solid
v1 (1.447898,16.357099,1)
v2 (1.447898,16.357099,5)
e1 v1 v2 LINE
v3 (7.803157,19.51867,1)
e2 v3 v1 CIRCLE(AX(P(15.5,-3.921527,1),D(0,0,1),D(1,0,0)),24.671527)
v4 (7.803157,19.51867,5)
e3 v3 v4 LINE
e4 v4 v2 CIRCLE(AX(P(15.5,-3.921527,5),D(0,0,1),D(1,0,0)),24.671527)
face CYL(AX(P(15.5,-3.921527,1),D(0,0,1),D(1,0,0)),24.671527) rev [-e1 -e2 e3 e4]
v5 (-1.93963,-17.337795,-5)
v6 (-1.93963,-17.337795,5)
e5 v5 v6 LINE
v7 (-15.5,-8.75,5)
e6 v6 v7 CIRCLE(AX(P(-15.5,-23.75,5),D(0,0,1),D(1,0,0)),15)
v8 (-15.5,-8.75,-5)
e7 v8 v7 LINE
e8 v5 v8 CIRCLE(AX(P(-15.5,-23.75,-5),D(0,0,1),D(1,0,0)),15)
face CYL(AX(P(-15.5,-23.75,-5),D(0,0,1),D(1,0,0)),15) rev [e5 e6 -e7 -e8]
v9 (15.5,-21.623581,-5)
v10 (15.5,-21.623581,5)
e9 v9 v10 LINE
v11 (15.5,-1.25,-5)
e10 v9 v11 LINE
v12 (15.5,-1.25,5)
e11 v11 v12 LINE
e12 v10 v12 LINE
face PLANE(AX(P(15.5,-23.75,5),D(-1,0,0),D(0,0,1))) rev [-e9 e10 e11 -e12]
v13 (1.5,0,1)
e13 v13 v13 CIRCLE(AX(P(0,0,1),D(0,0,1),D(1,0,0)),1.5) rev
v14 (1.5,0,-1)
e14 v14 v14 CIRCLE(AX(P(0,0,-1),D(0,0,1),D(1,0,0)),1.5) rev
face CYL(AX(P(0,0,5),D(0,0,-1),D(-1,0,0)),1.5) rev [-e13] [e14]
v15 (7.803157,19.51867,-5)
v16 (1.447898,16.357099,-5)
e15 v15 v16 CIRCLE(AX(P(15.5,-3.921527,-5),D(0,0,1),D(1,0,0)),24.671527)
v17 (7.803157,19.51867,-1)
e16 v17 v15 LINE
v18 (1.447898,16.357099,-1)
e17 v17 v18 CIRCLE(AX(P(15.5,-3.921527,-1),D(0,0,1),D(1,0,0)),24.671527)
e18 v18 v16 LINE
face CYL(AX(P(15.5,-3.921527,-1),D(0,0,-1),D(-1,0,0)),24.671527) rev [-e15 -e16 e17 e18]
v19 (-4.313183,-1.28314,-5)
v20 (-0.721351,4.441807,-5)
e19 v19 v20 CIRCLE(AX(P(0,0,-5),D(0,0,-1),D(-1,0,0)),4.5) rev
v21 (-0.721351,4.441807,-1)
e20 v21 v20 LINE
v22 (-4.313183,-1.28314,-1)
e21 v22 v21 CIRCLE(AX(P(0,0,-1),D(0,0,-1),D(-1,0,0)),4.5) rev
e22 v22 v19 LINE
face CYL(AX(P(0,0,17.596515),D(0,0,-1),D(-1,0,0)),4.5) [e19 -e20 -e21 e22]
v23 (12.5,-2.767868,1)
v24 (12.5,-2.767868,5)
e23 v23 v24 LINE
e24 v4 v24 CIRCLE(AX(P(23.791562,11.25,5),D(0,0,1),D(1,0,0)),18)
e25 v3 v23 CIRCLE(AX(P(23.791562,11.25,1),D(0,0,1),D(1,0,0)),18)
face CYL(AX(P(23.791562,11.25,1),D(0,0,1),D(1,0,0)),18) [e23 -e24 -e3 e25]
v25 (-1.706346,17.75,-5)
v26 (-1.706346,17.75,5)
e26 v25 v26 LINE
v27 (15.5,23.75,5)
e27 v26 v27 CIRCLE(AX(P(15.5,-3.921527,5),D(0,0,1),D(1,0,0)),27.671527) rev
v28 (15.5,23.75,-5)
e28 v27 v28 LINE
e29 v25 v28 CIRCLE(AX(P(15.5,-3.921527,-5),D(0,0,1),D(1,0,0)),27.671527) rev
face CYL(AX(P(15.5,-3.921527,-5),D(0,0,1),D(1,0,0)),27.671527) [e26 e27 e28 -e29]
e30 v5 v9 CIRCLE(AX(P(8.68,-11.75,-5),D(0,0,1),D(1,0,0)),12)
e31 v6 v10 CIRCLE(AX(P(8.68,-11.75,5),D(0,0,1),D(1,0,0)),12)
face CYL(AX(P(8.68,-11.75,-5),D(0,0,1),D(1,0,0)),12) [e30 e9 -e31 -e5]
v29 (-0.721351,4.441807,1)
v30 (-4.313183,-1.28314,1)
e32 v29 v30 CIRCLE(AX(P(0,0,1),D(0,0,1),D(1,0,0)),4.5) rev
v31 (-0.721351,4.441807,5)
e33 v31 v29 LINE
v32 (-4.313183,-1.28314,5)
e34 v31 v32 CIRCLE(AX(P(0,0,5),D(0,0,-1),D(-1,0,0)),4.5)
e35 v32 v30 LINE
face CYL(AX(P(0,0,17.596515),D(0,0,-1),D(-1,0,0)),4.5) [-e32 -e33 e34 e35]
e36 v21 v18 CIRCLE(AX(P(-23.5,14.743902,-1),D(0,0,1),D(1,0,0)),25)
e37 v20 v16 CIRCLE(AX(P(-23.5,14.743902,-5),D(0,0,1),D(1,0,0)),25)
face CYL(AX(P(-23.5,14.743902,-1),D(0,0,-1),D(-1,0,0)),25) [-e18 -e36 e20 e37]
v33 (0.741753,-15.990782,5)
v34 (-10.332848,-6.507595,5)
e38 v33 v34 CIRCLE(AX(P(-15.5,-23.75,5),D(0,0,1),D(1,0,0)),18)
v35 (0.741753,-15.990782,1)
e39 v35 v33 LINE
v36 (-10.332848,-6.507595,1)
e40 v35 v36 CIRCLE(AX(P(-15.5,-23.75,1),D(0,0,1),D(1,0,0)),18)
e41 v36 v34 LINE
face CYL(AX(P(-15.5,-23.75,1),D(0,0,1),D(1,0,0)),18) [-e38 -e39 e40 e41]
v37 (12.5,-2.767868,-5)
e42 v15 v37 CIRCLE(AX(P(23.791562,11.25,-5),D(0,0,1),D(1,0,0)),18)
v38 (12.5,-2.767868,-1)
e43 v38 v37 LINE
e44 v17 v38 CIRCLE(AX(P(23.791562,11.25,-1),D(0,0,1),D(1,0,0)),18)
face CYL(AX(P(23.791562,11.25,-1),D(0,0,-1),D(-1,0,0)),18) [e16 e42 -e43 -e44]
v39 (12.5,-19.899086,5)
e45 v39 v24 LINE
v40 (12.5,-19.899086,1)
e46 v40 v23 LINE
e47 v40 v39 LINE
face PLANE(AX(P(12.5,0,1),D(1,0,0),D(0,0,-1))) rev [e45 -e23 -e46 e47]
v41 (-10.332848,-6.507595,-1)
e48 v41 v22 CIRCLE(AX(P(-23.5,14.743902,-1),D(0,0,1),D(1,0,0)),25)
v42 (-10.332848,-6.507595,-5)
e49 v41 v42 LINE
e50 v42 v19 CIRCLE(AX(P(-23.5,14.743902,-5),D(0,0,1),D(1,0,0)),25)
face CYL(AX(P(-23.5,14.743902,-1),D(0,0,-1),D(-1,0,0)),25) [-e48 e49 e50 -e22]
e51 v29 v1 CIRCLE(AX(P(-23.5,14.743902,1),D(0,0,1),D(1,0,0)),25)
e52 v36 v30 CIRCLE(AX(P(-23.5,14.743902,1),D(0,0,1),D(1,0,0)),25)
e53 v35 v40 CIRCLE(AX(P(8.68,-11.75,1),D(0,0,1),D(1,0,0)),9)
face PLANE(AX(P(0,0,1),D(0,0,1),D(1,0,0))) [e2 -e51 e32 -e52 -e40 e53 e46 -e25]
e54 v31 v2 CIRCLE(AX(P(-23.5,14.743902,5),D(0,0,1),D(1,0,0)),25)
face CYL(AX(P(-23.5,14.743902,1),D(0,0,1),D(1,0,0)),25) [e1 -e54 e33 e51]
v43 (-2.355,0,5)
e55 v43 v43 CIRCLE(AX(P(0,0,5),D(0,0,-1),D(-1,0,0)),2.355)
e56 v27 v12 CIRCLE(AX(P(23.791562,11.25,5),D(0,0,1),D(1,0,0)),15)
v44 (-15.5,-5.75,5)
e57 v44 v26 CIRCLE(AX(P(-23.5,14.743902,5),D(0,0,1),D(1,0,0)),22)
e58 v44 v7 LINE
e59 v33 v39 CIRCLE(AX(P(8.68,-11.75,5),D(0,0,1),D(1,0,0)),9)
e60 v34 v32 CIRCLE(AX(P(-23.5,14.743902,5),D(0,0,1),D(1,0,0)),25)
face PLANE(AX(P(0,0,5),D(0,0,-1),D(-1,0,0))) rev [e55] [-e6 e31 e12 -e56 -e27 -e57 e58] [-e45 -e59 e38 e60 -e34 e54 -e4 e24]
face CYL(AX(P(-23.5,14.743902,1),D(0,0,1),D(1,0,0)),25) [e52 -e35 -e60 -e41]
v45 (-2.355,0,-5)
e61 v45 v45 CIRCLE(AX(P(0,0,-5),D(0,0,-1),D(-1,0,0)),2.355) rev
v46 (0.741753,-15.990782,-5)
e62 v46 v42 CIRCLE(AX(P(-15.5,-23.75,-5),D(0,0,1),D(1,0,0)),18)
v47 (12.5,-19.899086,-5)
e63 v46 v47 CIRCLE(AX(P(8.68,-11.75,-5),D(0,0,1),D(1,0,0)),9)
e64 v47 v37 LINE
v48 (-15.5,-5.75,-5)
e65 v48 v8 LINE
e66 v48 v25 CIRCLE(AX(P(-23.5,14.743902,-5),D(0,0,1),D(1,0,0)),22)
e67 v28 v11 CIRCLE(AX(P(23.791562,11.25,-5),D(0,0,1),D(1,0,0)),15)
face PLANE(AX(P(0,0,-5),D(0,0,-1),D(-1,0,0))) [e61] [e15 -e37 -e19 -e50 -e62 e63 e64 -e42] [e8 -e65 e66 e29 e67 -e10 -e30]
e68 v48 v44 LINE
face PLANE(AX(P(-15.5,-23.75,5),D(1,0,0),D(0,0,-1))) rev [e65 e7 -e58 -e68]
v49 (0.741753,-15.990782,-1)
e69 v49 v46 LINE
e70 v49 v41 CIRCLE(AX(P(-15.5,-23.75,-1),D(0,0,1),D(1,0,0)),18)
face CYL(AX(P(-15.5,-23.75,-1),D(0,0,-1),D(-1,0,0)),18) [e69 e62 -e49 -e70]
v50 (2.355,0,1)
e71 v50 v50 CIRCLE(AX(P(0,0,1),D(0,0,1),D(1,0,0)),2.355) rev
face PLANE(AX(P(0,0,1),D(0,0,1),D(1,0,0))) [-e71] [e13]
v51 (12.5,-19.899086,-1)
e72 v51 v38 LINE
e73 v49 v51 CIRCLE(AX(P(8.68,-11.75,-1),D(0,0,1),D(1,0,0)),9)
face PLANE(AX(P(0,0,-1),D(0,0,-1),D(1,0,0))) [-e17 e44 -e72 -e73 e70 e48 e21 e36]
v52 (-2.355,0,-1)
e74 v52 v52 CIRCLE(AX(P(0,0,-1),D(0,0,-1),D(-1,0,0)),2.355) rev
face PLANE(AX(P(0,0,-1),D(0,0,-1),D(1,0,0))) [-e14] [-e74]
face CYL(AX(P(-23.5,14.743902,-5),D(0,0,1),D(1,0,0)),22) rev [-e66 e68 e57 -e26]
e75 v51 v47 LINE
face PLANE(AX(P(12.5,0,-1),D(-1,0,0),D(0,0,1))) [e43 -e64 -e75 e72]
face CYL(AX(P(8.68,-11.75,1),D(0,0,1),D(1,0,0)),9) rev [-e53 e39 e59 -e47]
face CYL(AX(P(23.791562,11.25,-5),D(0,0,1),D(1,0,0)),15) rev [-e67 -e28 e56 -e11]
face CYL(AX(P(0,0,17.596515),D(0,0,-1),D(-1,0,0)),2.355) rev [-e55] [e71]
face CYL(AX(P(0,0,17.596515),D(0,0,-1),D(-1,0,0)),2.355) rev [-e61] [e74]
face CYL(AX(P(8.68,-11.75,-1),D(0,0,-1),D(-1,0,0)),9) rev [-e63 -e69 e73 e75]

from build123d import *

# Parameters (mm, degrees)
CROQUIS1_W              = 31
CROQUIS1_H              = 47.5
CROQUIS1_R              = 1.5
SALIENTE_EXTRUIR1_DEPTH = 5
CORTAR_EXTRUIR1_DEPTH   = 10
CORTAR_EXTRUIR2_START   = -4
CROQUIS4_R              = 1.5
CORTAR_EXTRUIR2_DEPTH   = 4
SALIENTE_EXTRUIR2_START = -6
CROQUIS5_R              = 2.355
SALIENTE_EXTRUIR2_DEPTH = 10


with BuildPart() as part:
    # Croquis1 → Saliente-Extruir1 (new, symmetric)
    with BuildSketch(Plane.XY):
        Rectangle(CROQUIS1_W, CROQUIS1_H)
        Circle(CROQUIS1_R, mode=Mode.SUBTRACT)
    extrude(amount=SALIENTE_EXTRUIR1_DEPTH, both=True)

    # Croquis2 → Cortar-Extruir1 (cut)
    with BuildSketch(Plane.XY.offset(5)):
        with BuildLine():
            ThreePointArc((-15.5, -8.75), (-26.106601718, -34.356601718), (-0.5, -23.75))
            Line((-0.5, -23.75), (-15.5, -23.75))
            Line((-15.5, -23.75), (-15.5, -8.75))
        make_face()
        with BuildLine():
            Line((-15.5, -23.75), (-0.5, -23.75))
            ThreePointArc((-0.5, -23.75), (-0.864332185, -20.464086488), (-1.939630348, -17.337794848))
            ThreePointArc((-1.939630348, -17.337794848), (-7.474511768, -11.077528314), (-15.5, -8.75))
            Line((-15.5, -8.75), (-15.5, -23.75))
        make_face()
        with BuildLine():
            Line((-0.5, -23.75), (8.68, -23.75))
            ThreePointArc((8.68, -23.75), (2.477320667, -22.022622308), (-1.939630348, -17.337794848))
            ThreePointArc((-1.939630348, -17.337794848), (-0.864332185, -20.464086488), (-0.5, -23.75))
        make_face()
        with BuildLine():
            Line((8.68, -23.75), (15.5, -23.75))
            Line((15.5, -23.75), (15.5, -21.623580911))
            ThreePointArc((15.5, -21.623580911), (12.251906289, -23.206067627), (8.68, -23.75))
        make_face()
        with BuildLine():
            ThreePointArc((-1.706345602, 17.75), (6.388766151, 22.206978995), (15.5, 23.75))
            Line((15.5, 23.75), (-15.5, 23.75))
            Line((-15.5, 23.75), (-15.5, -5.75))
            ThreePointArc((-15.5, -5.75), (-4.526914837, 3.607383252), (-1.706345602, 17.75))
        make_face()
        with BuildLine():
            ThreePointArc((15.5, 23.75), (8.791561976, 11.25), (15.5, -1.25))
            Line((15.5, -1.25), (15.5, 23.75))
        make_face()
    extrude(amount=-CORTAR_EXTRUIR1_DEPTH, mode=Mode.SUBTRACT)

    # Croquis4 → Cortar-Extruir2 (cut)
    with BuildSketch(Plane.XY.offset(5).offset(CORTAR_EXTRUIR2_START)):
        with BuildLine():
            ThreePointArc((0.741753077, -15.99078245), (-3.792394766, -10.077692964), (-10.332847598, -6.50759483))
            ThreePointArc((-10.332847598, -6.50759483), (-1.276413132, 3.29347854), (1.447897595, 16.357098845))
            ThreePointArc((1.447897595, 16.357098845), (4.511231243, 18.167637942), (7.803157135, 19.518670428))
            ThreePointArc((7.803157135, 19.518670428), (6.178453275, 7.53807302), (12.5, -2.767868174))
            Line((12.5, -2.767868174), (12.5, -19.899085838))
            ThreePointArc((12.5, -19.899085838), (5.841215353, -20.290567998), (0.741753077, -15.99078245))
        make_face()
        Circle(CROQUIS4_R, mode=Mode.SUBTRACT)
    cortar_extruir2 = extrude(amount=CORTAR_EXTRUIR2_DEPTH, mode=Mode.SUBTRACT)

    # Simetría1: Cortar-Extruir2 across plane
    add(cortar_extruir2.mirror(Plane.XY), mode=Mode.SUBTRACT)

    # Croquis5 → Saliente-Extruir2 (add)
    with BuildSketch(Plane.XY.offset(1).offset(SALIENTE_EXTRUIR2_START)):
        with BuildLine():
            ThreePointArc((-4.313183402, -1.283140267), (0.648334286, -4.453050938), (4.5, 0))
            ThreePointArc((4.5, 0), (2.91581216, 3.427541312), (-0.721350866, 4.441807394))
            ThreePointArc((-0.721350866, 4.441807394), (-2.322917222, 1.457398417), (-4.313183402, -1.283140267))
        make_face()
        with Locations(Location((0, 0, 0), (0, 0, 180))):
            Circle(CROQUIS5_R, mode=Mode.SUBTRACT)
    extrude(amount=SALIENTE_EXTRUIR2_DEPTH)


solid = part.part
